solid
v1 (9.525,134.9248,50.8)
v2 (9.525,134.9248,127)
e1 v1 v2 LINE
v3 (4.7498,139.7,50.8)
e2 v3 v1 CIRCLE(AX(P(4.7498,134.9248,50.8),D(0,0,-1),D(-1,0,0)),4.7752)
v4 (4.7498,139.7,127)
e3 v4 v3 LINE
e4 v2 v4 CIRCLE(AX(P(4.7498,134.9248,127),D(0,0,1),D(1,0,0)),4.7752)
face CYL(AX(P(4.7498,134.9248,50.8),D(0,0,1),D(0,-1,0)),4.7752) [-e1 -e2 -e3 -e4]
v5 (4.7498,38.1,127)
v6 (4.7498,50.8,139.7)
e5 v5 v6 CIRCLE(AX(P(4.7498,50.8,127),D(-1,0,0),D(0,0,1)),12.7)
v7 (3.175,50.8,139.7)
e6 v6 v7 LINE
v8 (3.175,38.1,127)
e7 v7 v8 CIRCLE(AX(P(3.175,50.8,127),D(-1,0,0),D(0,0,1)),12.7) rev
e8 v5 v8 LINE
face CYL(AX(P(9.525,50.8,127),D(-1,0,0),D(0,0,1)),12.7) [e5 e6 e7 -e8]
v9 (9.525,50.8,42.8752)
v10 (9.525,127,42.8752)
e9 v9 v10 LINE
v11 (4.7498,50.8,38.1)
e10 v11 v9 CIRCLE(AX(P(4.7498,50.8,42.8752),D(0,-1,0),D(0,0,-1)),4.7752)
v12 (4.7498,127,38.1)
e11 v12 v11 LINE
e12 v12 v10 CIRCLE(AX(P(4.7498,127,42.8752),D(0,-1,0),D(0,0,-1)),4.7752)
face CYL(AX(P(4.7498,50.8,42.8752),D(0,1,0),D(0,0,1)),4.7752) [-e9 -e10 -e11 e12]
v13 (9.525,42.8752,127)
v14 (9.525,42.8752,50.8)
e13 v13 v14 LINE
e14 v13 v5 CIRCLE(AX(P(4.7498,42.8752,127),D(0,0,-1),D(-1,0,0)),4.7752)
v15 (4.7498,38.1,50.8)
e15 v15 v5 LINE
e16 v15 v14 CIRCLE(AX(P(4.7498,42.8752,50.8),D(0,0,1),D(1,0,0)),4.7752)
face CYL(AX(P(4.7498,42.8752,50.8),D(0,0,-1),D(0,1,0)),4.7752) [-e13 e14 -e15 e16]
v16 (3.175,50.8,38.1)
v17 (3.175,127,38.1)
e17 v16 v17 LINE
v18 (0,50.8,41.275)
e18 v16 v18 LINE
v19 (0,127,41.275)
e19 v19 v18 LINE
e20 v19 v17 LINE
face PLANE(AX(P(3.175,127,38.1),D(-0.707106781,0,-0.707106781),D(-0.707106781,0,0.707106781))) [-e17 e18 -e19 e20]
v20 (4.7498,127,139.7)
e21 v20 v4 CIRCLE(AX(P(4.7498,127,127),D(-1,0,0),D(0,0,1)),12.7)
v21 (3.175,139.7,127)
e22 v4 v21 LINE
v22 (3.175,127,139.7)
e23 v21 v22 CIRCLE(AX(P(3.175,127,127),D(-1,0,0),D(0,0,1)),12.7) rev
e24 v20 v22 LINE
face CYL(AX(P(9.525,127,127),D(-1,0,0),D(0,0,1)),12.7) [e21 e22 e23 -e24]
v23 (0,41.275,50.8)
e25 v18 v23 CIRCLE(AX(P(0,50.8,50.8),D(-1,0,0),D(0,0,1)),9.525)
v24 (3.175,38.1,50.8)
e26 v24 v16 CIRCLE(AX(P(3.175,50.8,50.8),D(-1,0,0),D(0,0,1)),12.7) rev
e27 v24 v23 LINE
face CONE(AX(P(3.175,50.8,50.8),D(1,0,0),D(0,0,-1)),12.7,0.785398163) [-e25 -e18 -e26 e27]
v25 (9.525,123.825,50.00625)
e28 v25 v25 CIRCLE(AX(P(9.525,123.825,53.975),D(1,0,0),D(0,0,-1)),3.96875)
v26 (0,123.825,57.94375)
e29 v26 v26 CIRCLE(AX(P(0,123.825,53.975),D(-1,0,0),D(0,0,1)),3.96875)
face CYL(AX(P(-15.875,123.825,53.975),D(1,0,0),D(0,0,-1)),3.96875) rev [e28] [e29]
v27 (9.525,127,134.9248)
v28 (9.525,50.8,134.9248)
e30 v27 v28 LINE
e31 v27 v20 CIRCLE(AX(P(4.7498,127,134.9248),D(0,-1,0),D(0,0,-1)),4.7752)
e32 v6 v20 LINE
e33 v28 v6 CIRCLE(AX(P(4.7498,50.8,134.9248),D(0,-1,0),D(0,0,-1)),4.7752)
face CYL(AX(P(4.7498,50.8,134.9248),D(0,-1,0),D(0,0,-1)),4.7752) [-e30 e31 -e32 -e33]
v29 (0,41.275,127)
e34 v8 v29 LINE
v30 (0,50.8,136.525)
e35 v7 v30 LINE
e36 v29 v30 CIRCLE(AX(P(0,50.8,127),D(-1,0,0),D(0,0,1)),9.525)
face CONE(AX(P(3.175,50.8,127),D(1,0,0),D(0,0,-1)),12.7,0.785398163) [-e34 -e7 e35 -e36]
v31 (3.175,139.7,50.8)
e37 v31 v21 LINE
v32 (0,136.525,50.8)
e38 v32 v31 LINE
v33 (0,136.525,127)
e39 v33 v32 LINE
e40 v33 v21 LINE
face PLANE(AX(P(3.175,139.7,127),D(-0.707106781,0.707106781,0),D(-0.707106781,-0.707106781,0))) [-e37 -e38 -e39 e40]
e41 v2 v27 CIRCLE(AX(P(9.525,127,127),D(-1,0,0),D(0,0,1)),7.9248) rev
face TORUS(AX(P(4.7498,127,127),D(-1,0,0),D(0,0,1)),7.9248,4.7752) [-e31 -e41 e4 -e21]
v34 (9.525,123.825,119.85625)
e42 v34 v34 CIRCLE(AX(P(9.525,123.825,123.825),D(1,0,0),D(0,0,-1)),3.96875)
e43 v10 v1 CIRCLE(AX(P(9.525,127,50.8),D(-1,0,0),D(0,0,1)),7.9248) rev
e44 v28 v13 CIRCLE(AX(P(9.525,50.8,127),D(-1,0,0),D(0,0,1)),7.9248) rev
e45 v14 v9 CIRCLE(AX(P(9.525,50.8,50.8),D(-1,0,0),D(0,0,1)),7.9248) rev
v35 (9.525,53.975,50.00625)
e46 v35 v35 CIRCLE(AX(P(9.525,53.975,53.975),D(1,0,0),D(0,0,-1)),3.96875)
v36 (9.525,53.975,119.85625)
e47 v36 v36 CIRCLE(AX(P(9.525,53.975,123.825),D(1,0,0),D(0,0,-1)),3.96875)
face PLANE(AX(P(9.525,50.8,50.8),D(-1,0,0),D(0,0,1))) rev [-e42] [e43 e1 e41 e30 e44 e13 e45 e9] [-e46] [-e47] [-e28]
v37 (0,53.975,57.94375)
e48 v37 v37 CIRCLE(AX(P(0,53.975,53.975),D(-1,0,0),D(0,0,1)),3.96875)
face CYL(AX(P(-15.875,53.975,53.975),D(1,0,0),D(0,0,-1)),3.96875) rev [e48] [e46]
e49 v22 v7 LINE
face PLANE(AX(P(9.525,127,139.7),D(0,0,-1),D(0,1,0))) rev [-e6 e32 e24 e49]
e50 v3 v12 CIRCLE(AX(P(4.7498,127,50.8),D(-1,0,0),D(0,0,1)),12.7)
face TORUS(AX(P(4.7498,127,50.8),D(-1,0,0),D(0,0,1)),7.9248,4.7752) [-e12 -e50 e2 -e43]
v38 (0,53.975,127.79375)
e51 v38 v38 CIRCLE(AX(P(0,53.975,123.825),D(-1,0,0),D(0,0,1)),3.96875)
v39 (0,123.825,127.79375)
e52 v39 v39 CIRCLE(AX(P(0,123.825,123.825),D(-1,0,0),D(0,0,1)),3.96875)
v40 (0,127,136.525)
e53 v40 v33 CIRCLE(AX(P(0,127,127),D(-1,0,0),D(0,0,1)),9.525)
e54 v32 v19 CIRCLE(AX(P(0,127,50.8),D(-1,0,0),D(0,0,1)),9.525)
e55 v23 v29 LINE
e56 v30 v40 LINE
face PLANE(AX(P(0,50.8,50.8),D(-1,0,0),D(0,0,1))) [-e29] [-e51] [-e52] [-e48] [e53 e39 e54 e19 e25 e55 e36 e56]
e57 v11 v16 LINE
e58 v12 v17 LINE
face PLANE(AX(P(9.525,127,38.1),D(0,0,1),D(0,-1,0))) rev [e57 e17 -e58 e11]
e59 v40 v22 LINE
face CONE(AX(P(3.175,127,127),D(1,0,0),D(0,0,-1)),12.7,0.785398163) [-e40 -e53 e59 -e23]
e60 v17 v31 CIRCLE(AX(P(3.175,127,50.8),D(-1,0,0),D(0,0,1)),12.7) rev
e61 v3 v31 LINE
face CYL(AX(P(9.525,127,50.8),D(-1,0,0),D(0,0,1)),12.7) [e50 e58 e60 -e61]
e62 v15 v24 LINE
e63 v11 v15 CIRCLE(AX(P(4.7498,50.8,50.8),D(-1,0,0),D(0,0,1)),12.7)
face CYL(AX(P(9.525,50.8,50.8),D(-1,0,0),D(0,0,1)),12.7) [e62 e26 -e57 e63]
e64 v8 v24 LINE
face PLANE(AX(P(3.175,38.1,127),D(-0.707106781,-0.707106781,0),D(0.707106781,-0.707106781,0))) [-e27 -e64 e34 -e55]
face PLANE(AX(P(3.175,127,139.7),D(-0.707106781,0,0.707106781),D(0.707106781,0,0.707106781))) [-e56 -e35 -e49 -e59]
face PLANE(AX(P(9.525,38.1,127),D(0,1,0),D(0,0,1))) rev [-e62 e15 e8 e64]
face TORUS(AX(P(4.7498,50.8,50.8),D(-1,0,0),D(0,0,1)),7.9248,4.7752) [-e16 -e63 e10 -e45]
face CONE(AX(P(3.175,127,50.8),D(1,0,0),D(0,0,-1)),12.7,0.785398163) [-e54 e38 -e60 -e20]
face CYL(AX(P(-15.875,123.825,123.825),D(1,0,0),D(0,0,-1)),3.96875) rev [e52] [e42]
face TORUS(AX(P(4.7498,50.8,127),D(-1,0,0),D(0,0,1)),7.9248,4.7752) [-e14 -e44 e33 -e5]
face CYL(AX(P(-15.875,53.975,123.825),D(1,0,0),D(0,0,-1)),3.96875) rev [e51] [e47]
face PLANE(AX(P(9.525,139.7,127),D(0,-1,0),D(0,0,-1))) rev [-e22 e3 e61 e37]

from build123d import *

# Parameters (mm, degrees)
BASE_EXTRUDE_DEPTH = 9.525
CHAMFER1_SIZE      = 3.175
FILLET1_R          = 4.7752
SKETCH2_R          = 3.96875
CUT_EXTRUDE1_DEPTH = 25.4


with BuildPart() as part:
    # Sketch1 → Base-Extrude (new body)
    with BuildSketch(Plane(origin=(0, 0, 0), x_dir=(0, 0, -1), z_dir=(1, 0, 0))):
        with BuildLine():
            Line((-127, 139.7), (-50.8, 139.7))
            ThreePointArc((-50.8, 139.7), (-41.819743879, 135.980256121), (-38.1, 127))
            Line((-38.1, 127), (-38.1, 50.8))
            ThreePointArc((-38.1, 50.8), (-41.819743879, 41.819743879), (-50.8, 38.1))
            Line((-50.8, 38.1), (-127, 38.1))
            ThreePointArc((-127, 38.1), (-135.980256121, 41.819743879), (-139.7, 50.8))
            Line((-139.7, 50.8), (-139.7, 127))
            ThreePointArc((-139.7, 127), (-135.980256121, 135.980256121), (-127, 139.7))
        make_face()
    extrude(amount=BASE_EXTRUDE_DEPTH)

    # Chamfer1
    chamfer1_edges = [part.edges().sort_by_distance(p)[0] for p in [
        (0, 38.1, 88.9),
        (0, 41.819743879, 135.980256121),
        (0, 88.9, 139.7),
        (0, 135.980256121, 135.980256121),
        (0, 139.7, 88.9),
        (0, 135.980256121, 41.819743879),
        (0, 88.9, 38.1),
        (0, 41.819743879, 41.819743879),
    ]]
    chamfer(chamfer1_edges, length=CHAMFER1_SIZE)

    # Fillet1
    fillet1_edges = [part.edges().sort_by_distance(p)[0] for p in [
        (9.525, 135.980256121, 41.819743879),
        (9.525, 139.7, 88.9),
        (9.525, 135.980256121, 135.980256121),
        (9.525, 88.9, 139.7),
        (9.525, 41.819743879, 135.980256121),
        (9.525, 38.1, 88.9),
        (9.525, 41.819743879, 41.819743879),
        (9.525, 88.9, 38.1),
    ]]
    fillet(fillet1_edges, radius=FILLET1_R)

    # Sketch2 → Cut-Extrude1 (cut)
    with BuildSketch(Plane(origin=(9.525, 0, 0), x_dir=(0, 0, -1), z_dir=(1, 0, 0))):
        with Locations((-53.975, 53.975)):
            Circle(SKETCH2_R)
        with Locations((-53.975, 123.825)):
            Circle(SKETCH2_R)
        with Locations((-123.825, 123.825)):
            Circle(SKETCH2_R)
        with Locations((-123.825, 53.975)):
            Circle(SKETCH2_R)
    extrude(amount=-CUT_EXTRUDE1_DEPTH, mode=Mode.SUBTRACT)


solid = part.part
